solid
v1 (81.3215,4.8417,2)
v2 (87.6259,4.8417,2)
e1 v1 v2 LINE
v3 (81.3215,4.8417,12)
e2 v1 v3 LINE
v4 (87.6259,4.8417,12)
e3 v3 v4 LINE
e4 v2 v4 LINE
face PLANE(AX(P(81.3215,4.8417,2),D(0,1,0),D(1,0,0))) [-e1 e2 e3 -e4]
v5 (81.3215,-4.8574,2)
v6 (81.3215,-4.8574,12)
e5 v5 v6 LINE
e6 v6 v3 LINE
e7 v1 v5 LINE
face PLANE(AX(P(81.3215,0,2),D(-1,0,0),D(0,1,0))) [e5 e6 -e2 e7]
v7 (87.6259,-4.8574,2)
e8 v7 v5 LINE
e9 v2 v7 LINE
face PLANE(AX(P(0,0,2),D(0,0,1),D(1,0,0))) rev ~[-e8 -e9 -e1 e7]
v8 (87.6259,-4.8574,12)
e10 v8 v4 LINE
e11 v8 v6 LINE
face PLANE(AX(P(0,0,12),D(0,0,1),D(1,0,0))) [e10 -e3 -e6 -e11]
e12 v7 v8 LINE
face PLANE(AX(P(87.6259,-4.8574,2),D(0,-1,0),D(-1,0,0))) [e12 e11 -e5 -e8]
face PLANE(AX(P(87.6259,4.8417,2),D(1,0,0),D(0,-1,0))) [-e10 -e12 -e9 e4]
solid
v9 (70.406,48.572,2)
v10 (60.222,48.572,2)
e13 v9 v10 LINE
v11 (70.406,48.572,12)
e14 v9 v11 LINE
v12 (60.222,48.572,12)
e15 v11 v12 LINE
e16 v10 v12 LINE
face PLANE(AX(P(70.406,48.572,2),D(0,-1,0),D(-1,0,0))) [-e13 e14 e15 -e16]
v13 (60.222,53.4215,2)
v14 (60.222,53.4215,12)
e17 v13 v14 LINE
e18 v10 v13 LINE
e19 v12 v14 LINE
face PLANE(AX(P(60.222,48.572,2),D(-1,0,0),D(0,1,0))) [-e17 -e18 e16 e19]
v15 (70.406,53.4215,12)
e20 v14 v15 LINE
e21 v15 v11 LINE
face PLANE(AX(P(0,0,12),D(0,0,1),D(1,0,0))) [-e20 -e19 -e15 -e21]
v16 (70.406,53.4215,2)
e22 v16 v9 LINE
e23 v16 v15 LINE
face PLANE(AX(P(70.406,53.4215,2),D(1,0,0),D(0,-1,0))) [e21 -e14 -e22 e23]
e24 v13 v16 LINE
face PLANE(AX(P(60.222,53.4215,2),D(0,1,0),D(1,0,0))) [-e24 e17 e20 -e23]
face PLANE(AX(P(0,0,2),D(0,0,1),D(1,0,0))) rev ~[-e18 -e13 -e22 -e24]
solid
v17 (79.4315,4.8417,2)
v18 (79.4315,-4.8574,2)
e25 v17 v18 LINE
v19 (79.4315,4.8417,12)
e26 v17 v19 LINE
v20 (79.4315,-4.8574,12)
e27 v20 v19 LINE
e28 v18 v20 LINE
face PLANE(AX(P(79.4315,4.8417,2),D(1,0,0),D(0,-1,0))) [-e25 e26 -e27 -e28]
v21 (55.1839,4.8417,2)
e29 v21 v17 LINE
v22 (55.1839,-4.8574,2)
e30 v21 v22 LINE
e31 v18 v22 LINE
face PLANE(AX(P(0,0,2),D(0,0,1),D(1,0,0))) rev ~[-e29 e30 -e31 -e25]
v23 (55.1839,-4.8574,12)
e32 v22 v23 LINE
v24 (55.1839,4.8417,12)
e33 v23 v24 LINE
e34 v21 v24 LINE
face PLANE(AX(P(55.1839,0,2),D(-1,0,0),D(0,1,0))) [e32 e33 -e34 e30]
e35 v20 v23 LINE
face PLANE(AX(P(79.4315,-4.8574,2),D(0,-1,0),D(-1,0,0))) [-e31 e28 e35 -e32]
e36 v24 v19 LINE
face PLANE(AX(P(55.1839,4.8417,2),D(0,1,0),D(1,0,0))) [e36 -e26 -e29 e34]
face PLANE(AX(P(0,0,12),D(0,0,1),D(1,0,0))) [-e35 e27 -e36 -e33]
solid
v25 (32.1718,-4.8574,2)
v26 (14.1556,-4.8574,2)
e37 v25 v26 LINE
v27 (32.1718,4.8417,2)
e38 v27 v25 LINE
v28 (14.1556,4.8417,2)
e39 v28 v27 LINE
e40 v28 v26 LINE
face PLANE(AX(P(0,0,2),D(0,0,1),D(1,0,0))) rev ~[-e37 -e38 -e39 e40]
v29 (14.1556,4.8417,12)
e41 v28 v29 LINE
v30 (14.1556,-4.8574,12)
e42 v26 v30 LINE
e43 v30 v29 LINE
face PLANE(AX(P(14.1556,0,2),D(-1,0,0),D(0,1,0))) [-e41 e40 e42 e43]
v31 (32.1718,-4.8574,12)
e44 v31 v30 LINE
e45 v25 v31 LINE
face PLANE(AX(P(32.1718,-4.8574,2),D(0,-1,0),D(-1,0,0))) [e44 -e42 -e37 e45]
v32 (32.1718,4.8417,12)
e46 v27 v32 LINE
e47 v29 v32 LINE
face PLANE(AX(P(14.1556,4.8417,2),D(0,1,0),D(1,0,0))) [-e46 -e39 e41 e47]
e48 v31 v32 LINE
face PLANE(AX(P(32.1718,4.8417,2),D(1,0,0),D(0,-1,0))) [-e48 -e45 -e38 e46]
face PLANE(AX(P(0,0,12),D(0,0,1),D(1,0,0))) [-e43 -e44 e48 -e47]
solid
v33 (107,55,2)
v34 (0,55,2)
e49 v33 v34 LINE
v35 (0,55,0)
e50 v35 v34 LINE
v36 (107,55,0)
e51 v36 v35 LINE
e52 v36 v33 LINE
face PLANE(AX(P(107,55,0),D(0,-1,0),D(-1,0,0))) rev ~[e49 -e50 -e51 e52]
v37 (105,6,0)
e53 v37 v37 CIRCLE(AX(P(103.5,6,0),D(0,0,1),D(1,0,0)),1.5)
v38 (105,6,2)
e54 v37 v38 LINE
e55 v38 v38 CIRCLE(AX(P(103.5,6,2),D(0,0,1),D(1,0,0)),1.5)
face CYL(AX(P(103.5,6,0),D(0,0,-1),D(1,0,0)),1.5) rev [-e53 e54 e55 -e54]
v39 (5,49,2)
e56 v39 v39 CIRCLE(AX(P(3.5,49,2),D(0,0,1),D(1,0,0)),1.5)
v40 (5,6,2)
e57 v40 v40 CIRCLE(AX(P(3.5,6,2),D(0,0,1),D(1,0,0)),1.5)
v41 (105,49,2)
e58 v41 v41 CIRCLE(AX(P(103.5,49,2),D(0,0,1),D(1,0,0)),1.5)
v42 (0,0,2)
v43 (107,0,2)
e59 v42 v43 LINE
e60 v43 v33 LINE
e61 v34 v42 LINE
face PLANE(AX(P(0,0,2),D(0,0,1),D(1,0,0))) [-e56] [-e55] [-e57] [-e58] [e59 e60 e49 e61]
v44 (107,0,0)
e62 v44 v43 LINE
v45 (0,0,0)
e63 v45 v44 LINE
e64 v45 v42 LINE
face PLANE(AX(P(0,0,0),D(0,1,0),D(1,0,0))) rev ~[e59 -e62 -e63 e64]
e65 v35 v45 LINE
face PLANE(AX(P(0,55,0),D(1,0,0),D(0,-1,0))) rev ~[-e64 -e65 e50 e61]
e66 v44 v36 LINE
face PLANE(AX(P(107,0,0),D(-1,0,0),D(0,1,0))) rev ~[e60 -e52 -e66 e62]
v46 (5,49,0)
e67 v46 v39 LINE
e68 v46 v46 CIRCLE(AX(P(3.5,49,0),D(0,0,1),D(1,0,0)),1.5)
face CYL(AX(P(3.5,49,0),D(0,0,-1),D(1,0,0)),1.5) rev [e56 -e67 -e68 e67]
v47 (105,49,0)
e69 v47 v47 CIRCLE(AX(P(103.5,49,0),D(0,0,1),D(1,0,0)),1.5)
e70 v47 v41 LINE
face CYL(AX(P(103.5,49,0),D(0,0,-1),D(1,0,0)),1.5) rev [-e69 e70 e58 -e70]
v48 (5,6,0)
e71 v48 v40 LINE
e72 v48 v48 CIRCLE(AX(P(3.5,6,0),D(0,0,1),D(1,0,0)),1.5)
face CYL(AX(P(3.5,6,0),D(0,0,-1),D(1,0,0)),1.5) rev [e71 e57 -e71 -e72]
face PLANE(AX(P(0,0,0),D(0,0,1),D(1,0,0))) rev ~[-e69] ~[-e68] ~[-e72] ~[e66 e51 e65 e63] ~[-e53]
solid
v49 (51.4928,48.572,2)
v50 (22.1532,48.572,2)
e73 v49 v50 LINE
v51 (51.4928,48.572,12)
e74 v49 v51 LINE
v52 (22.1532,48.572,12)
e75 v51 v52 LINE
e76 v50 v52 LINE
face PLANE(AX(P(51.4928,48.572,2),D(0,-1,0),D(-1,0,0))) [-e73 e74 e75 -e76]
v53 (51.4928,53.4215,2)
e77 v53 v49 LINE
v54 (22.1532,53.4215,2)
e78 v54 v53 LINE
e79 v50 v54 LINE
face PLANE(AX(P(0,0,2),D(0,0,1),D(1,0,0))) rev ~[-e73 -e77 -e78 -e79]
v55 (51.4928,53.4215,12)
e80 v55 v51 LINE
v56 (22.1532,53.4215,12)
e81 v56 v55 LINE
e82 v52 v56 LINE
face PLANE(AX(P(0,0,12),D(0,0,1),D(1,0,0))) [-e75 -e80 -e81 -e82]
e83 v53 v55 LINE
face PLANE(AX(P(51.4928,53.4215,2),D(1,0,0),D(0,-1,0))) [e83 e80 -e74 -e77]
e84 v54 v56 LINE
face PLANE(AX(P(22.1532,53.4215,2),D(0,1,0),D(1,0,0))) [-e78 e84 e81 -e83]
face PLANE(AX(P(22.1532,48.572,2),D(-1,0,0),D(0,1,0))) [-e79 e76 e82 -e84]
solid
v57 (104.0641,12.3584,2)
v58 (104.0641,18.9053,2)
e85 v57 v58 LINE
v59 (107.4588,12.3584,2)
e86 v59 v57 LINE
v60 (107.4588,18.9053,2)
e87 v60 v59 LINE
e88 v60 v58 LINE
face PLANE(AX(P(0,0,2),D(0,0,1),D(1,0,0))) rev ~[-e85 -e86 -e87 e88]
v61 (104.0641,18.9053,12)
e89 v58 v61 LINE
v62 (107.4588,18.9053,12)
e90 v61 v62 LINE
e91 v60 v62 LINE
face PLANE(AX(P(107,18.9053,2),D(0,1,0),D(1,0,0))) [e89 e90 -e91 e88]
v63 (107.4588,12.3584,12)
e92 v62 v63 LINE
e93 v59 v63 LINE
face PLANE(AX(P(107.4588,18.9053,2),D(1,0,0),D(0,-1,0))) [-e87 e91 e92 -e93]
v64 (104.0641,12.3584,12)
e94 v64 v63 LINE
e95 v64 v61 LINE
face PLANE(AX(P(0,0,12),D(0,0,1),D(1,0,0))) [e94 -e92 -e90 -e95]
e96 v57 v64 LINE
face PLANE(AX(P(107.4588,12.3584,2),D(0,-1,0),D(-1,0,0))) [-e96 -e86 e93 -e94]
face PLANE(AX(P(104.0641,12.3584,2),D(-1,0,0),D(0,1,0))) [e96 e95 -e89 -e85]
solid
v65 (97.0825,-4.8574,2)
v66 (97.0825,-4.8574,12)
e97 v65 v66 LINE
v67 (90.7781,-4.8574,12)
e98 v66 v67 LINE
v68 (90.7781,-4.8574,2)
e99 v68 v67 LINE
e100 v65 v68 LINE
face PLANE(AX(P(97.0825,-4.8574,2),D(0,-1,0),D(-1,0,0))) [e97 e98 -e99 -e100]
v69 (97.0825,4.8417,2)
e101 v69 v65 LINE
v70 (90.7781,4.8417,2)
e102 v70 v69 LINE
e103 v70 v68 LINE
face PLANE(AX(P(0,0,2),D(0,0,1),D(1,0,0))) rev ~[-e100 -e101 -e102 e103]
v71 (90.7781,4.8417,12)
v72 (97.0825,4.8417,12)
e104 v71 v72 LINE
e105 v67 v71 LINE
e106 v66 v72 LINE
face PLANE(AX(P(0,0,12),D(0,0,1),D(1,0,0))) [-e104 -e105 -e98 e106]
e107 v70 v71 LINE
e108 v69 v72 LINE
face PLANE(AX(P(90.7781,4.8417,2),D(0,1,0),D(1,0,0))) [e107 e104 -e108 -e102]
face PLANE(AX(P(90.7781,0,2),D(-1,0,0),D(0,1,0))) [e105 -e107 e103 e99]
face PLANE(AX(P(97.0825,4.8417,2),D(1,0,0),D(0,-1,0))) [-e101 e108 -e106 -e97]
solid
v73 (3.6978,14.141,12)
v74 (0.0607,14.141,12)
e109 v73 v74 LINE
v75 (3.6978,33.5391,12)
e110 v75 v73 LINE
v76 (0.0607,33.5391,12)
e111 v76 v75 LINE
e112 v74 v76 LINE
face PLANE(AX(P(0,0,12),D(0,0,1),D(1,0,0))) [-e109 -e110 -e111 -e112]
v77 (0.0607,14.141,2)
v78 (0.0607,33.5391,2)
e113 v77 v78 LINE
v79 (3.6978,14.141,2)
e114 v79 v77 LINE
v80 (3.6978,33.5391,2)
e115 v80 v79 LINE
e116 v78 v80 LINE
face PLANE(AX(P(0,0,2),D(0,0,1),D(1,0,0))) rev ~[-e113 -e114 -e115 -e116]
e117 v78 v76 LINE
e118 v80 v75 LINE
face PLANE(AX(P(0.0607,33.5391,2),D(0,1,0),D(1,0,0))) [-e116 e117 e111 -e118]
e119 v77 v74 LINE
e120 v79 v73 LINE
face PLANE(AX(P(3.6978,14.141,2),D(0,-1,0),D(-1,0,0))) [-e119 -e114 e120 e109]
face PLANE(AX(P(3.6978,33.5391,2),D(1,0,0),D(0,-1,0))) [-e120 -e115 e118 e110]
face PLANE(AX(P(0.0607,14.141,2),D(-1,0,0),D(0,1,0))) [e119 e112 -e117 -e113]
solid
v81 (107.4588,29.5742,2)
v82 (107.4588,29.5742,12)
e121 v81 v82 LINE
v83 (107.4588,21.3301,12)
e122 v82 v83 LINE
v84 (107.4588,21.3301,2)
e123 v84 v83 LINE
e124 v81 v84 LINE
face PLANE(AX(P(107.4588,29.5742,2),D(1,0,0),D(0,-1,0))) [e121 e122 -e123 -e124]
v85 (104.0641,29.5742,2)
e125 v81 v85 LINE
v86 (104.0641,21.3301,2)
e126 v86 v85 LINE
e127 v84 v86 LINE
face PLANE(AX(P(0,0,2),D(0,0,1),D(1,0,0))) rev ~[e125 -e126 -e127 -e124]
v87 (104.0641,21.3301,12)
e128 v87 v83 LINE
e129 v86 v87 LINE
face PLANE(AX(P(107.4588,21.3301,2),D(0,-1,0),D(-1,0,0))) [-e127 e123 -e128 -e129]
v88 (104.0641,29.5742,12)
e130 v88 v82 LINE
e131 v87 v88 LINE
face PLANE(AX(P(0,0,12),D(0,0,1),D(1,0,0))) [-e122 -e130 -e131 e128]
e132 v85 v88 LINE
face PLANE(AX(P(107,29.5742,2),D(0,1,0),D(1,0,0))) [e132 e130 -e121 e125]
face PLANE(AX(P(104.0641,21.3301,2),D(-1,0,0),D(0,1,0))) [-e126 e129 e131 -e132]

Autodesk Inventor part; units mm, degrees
ref_plane "YZ Plane" through (0, 0, 0) normal (1, 0, 0) x (0, 1, 0)
ref_plane "XZ Plane" through (0, 0, 0) normal (0, 1, 0) x (-1, 0, 0)
ref_plane "XY Plane" through (0, 0, 0) normal (0, 0, 1) x (1, 0, 0)
sketch "Эскиз1" plane through (0, 0, 0) normal (0, 0, 1) x (1, 0, 0)
  line L0 (0, 0) -> (107, 0)
  line L1 (107, 0) -> (107, 55)
  line L2 (107, 55) -> (0, 55)
  line L3 (0, 55) -> (0, 0)
  line L4 (3.5, 6) -> (103.5, 6) construction
  line L5 (103.5, 6) -> (103.5, 49) construction
  line L6 (103.5, 49) -> (3.5, 49) construction
  line L7 (3.5, 49) -> (3.5, 6) construction
  circle A0 centre (3.5, 6) radius 1.5
  circle A1 centre (3.5, 49) radius 1.5
  circle A2 centre (103.5, 49) radius 1.5
  circle A3 centre (103.5, 6) radius 1.5
  dimension "d0" = 55
  dimension "d1" = 107
  dimension "d3" = 3
  dimension "d4" = 3
  dimension "d5" = 3
  dimension "d6" = 3
  dimension "d10" = 43
  dimension "d11" = 100
  dimension "d12" = 6
  dimension "d13" = 6
  dimension "d14" = 3.5
  dimension "d16" = 3.5
extrude "Пластина1" add sketch "Эскиз1" along normal blind 2
sketch "Эскиз2" plane through (0, 0, 2) normal (0, 0, 1) x (1, 0, 0)
  circle A0 centre (103.5, 6) radius 1.5 projected
  circle A1 centre (103.5, 49) radius 1.5 projected
  circle A2 centre (3.5, 49) radius 1.5 projected
  circle A3 centre (3.5, 6) radius 1.5 projected
  line L0 (0, 0) -> (0, 55) projected
  line L1 (107, 0) -> (0, 0) projected
  line L2 (107, 55) -> (107, 0) projected
  line L3 (0, 55) -> (107, 55) projected
  line L4 (97.0825, -4.8574) -> (90.7781, -4.8574)
  line L5 (90.7781, -4.8574) -> (90.7781, 4.8417)
  line L6 (90.7781, 4.8417) -> (97.0825, 4.8417)
  line L7 (97.0825, 4.8417) -> (97.0825, -4.8574)
  line L8 (87.6259, -4.8574) -> (81.3215, -4.8574)
  line L9 (81.3215, -4.8574) -> (81.3215, 4.8417)
  line L10 (81.3215, 4.8417) -> (87.6259, 4.8417)
  line L11 (87.6259, 4.8417) -> (87.6259, -4.8574)
  line L12 (79.4315, -4.8574) -> (55.1839, -4.8574)
  line L13 (55.1839, -4.8574) -> (55.1839, 4.8417)
  line L14 (55.1839, 4.8417) -> (79.4315, 4.8417)
  line L15 (79.4315, 4.8417) -> (79.4315, -4.8574)
  line L16 (32.1718, -4.8574) -> (14.1556, -4.8574)
  line L17 (14.1556, -4.8574) -> (14.1556, 4.8417)
  line L18 (14.1556, 4.8417) -> (32.1718, 4.8417)
  line L19 (32.1718, 4.8417) -> (32.1718, -4.8574)
  line L20 (51.4928, 48.572) -> (22.1532, 48.572)
  line L21 (22.1532, 48.572) -> (22.1532, 53.4215)
  line L22 (22.1532, 53.4215) -> (51.4928, 53.4215)
  line L23 (51.4928, 53.4215) -> (51.4928, 48.572)
  line L24 (70.406, 48.572) -> (60.222, 48.572)
  line L25 (60.222, 48.572) -> (60.222, 53.4215)
  line L26 (60.222, 53.4215) -> (70.406, 53.4215)
  line L27 (70.406, 53.4215) -> (70.406, 48.572)
  line L28 (107.4588, 12.3584) -> (104.0641, 12.3584)
  line L29 (104.0641, 12.3584) -> (104.0641, 18.9053)
  line L30 (104.0641, 18.9053) -> (107.4588, 18.9053)
  line L31 (107.4588, 18.9053) -> (107.4588, 12.3584)
  line L32 (107.4588, 21.3301) -> (104.0641, 21.3301)
  line L33 (104.0641, 21.3301) -> (104.0641, 29.5742)
  line L34 (104.0641, 29.5742) -> (107.4588, 29.5742)
  line L35 (107.4588, 29.5742) -> (107.4588, 21.3301)
  line L36 (3.6978, 14.141) -> (0.0607, 14.141)
  line L37 (0.0607, 14.141) -> (0.0607, 33.5391)
  line L38 (0.0607, 33.5391) -> (3.6978, 33.5391)
  line L39 (3.6978, 33.5391) -> (3.6978, 14.141)
extrude "Выдавливание1" add sketch "Эскиз2" along normal blind 10 separate body contours L17 L18 L19 L1 | L1 L19 L16 L17 | L34 L35 L32 L2 | L2 L32 L33 L34 | L13 L14 L15 L1 | L1 L15 L12 L13 | L30 L31 L28 L2 | L2 L28 L29 L30 | L9 L10 L11 L1 | L1 L11 L8 L9 | L5 L6 L7 L1 | L1 L7 L4 L5 | L20 L21 L22 L23 | L24 L25 L26 L27 | L36 L37 L38 L39
equation "\"d16\" = d14"
equation "\"d7\" = Толщина"
equation "\"Радиус_гибки\" = Толщина"
equation "\"Ширина_просечки\" = Толщина"
equation "\"Глубина_просечки\" = 0.5 * Толщина"
equation "\"Размер_просечки\" = 4 * Толщина"
equation "\"Мин_остаток\" = 2 * Толщина"
equation "\"Радиус_перехода\" = Радиус_гибки"
equation "\"Радиус_Якоби\" = Радиус_гибки"
equation "\"Размер_зазора\" = Толщина"
equation "\"Толщина\" = 2"
properties part number "Плата контроллера"
